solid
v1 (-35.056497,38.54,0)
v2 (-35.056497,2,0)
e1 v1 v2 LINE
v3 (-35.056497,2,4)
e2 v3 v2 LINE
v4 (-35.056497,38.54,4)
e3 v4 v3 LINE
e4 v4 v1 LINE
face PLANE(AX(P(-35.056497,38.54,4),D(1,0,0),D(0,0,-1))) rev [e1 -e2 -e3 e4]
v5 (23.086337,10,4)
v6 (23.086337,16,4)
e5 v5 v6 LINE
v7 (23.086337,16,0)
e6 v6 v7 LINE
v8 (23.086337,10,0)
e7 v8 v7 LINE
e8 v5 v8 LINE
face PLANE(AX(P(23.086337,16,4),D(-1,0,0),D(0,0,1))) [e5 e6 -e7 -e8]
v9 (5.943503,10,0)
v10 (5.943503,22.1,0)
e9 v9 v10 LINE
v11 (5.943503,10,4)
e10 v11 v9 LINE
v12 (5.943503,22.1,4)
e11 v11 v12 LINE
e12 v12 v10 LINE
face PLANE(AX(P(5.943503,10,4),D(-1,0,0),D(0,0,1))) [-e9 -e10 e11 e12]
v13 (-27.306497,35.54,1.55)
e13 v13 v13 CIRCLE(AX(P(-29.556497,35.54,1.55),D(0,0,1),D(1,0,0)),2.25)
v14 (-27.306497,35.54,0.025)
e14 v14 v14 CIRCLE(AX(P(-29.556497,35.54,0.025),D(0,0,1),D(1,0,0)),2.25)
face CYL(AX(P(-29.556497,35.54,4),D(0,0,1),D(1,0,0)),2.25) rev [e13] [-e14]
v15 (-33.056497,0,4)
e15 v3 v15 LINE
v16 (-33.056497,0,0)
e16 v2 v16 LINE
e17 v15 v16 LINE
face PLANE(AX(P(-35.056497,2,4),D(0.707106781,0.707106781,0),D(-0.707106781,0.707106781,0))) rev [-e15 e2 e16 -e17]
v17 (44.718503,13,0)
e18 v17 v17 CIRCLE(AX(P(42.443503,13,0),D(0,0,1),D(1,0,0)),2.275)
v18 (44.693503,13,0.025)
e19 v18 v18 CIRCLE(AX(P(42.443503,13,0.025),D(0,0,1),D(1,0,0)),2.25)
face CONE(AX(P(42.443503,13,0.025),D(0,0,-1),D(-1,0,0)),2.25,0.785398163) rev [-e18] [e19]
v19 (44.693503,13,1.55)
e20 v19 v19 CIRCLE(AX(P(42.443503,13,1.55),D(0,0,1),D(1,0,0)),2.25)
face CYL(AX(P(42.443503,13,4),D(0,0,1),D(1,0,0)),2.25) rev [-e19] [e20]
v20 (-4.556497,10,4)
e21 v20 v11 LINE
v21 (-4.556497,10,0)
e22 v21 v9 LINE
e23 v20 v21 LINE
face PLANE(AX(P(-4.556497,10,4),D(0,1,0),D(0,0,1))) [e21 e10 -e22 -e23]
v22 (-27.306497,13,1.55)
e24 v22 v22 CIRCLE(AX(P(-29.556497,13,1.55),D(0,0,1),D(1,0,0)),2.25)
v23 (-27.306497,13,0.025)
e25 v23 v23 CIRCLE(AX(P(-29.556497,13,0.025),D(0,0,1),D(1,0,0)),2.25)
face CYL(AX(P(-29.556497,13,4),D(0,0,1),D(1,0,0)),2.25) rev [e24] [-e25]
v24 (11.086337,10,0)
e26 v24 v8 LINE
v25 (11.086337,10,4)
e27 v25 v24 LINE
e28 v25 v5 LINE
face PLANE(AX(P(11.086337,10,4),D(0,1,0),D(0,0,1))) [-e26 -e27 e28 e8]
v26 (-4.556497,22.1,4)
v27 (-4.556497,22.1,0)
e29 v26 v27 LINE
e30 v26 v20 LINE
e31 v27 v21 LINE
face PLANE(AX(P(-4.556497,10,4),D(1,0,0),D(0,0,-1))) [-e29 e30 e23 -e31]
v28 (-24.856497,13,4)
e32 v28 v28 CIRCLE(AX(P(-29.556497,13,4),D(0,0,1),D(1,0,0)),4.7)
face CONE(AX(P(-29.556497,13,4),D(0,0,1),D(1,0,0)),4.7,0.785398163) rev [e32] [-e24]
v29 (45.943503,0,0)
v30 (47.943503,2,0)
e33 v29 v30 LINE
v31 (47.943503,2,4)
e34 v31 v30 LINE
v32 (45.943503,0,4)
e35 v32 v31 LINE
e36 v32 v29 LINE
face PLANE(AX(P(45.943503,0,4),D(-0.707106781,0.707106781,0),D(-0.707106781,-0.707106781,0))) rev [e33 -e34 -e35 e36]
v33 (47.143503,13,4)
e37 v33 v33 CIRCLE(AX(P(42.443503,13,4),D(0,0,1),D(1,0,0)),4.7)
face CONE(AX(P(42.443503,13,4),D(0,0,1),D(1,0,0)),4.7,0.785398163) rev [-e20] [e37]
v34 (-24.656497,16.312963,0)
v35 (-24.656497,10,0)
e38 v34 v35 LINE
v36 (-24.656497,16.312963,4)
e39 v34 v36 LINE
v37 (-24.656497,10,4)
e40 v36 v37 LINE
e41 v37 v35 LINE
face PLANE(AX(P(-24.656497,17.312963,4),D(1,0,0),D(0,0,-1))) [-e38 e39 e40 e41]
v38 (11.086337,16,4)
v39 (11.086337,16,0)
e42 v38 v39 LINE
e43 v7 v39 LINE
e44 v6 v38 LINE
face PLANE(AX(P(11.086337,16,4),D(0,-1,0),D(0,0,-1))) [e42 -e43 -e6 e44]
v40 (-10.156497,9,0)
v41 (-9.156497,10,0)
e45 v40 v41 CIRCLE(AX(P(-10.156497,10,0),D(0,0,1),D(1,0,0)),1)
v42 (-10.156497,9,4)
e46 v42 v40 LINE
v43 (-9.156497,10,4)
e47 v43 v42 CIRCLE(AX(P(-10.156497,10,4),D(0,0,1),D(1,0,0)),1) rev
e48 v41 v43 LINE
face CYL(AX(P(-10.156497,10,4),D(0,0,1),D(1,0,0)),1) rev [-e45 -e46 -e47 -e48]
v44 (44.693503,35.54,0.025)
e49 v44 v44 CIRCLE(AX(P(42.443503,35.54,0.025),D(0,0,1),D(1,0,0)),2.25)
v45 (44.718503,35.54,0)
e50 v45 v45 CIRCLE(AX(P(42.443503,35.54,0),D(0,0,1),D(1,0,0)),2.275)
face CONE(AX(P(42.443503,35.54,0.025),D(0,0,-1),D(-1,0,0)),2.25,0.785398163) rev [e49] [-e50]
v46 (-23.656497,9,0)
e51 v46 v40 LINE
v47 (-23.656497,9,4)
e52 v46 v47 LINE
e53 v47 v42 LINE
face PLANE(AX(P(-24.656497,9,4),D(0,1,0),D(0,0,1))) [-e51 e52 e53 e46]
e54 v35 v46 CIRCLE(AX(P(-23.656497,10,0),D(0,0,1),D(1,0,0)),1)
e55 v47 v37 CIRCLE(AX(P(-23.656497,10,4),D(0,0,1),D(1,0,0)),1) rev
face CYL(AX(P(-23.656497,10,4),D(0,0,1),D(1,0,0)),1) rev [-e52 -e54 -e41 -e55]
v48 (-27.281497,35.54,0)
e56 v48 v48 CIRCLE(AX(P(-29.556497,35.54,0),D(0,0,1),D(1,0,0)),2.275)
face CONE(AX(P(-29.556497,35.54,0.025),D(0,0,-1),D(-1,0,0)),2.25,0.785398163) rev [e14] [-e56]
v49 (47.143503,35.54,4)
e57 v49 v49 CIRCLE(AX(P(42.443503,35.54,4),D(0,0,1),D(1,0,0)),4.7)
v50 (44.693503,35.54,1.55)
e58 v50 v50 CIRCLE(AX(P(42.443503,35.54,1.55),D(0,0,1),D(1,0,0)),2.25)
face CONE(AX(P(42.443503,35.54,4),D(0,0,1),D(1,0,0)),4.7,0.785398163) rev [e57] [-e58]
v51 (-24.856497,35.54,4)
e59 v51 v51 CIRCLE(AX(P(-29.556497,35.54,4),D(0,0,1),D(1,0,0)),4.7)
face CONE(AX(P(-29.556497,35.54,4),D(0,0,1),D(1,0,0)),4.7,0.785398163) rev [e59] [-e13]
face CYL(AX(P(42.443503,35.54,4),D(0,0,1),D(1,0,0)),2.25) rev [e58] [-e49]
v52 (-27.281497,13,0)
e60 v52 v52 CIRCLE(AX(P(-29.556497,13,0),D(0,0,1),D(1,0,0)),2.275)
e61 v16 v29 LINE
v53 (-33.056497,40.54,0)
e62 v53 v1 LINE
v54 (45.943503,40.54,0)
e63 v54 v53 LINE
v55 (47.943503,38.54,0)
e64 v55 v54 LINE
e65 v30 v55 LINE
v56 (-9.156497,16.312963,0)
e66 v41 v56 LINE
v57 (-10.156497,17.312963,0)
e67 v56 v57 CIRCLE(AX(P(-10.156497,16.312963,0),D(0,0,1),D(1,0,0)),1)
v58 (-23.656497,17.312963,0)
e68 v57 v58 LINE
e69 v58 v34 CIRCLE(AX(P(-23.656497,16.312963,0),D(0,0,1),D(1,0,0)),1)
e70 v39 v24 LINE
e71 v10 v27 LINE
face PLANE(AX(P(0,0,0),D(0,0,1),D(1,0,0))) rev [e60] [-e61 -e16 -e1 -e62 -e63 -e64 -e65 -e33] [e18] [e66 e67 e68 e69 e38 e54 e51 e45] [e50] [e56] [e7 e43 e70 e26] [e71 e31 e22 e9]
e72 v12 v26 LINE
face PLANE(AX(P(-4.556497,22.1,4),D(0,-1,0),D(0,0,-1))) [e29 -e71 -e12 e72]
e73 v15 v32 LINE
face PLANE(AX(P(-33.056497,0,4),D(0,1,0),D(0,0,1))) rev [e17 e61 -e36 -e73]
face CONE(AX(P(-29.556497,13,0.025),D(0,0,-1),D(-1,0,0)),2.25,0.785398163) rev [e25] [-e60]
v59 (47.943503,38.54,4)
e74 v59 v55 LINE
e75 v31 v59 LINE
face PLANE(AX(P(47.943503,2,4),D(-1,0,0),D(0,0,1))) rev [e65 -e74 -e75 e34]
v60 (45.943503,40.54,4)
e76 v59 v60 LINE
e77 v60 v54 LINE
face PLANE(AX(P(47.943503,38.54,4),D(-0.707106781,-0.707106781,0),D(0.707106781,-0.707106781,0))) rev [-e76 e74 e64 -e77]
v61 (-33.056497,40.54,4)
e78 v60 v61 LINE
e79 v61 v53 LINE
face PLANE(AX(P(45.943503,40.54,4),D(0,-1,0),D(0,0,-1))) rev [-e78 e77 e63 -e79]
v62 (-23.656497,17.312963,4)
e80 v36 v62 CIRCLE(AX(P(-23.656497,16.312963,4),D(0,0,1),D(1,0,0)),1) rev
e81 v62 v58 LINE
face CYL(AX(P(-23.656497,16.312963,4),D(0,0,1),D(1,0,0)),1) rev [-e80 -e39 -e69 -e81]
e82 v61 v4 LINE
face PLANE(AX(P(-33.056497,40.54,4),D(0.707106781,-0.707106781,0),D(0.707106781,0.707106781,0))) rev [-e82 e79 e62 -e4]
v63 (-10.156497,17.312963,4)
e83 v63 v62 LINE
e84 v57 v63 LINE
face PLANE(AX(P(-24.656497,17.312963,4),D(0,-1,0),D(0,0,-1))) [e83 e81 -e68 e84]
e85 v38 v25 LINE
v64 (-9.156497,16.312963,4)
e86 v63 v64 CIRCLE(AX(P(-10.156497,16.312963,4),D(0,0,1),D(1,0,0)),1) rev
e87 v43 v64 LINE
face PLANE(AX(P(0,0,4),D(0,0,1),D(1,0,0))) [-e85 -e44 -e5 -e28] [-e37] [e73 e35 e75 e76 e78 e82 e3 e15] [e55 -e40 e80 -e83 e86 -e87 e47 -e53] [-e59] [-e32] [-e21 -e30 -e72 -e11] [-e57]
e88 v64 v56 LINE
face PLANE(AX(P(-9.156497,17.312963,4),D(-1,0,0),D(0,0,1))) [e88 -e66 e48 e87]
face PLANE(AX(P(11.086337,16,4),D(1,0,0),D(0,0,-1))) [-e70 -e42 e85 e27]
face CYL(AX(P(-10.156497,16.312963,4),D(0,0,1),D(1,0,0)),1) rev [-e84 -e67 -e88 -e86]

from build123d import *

# Parameters (mm, degrees)
ESQUISSE1_W                                 = 15.5
ESQUISSE1_H                                 = 8.312963114
ESQUISSE1_W_2                               = 10.5
ESQUISSE1_H_2                               = 12.1
ESQUISSE1_W_3                               = 12
ESQUISSE1_H_3                               = 6
BOSS_EXTRU_1_DEPTH                          = 4
FRAISAGE_POUR_VIS_T_TE_FRAIS_E_M41_AT_COUNT = 2
FRAISAGE_POUR_VIS_T_TE_FRAIS_E_M41_AT_PITCH = 22.54
FRAISAGE_POUR_VIS_T_TE_FRAIS_E_M41_2_COUNT  = 2
FRAISAGE_POUR_VIS_T_TE_FRAIS_E_M41_2_PITCH  = 75.445686424
FRAISAGE_POUR_VIS_T_TE_FRAIS_E_M41_3_COUNT  = 2
FRAISAGE_POUR_VIS_T_TE_FRAIS_E_M41_3_PITCH  = 72
CONG_1_R                                    = 1


with BuildPart() as part:
    # Esquisse1 → Boss.-Extru.1 (new body)
    with BuildSketch(Plane.XY):
        Polygon((-35.056497175, 38.54), (-35.056497175, 2), (-33.056497175, 0), (45.943502825, 0), (47.943502825, 2), (47.943502825, 38.54), (45.943502825, 40.54), (-33.056497175, 40.54), align=None)
        with Locations((-16.906497175, 13.156481557)):
            Rectangle(ESQUISSE1_W, ESQUISSE1_H, mode=Mode.SUBTRACT)
        with Locations((0.693502825, 16.05)):
            Rectangle(ESQUISSE1_W_2, ESQUISSE1_H_2, mode=Mode.SUBTRACT)
        with Locations((17.086336796, 13)):
            Rectangle(ESQUISSE1_W_3, ESQUISSE1_H_3, mode=Mode.SUBTRACT)
    extrude(amount=BOSS_EXTRU_1_DEPTH)

    # Esquisse4 → Fraisage pour vis à tête fraisée M41 (revolve, cut)
    with BuildSketch(Plane(origin=(-29.556497175, 35.54, 4), x_dir=(0, -1, 0), z_dir=(1, 0, 0))):
        Polygon((0, 0), (0, 4), (2.275, 4), (2.25, 3.975), (2.25, 2.45), (4.7, 0), align=None)
    fraisage_pour_vis_t_te_frais_e_m41 = revolve(axis=Axis((-29.556497175, 35.54, 10.35), (0, 0, -1)), mode=Mode.SUBTRACT)

    # Fraisage pour vis à tête fraisée M41 at: Fraisage pour vis à tête fraisée M41 ×2
    with Locations(*[(0, -i * FRAISAGE_POUR_VIS_T_TE_FRAIS_E_M41_AT_PITCH, 0) for i in range(1, FRAISAGE_POUR_VIS_T_TE_FRAIS_E_M41_AT_COUNT)]):
        add(fraisage_pour_vis_t_te_frais_e_m41, mode=Mode.SUBTRACT)

    # Fraisage pour vis _ t_te frais_e M41 2: Fraisage pour vis à tête fraisée M41 ×2
    with Locations(*[Vector(0.9543289141183242, -0.29875796839204205, 0) * (i * FRAISAGE_POUR_VIS_T_TE_FRAIS_E_M41_2_PITCH) for i in range(1, FRAISAGE_POUR_VIS_T_TE_FRAIS_E_M41_2_COUNT)]):
        add(fraisage_pour_vis_t_te_frais_e_m41, mode=Mode.SUBTRACT)

    # Fraisage pour vis _ t_te frais_e M41 3: Fraisage pour vis à tête fraisée M41 ×2
    with Locations(*[(i * FRAISAGE_POUR_VIS_T_TE_FRAIS_E_M41_3_PITCH, 0, 0) for i in range(1, FRAISAGE_POUR_VIS_T_TE_FRAIS_E_M41_3_COUNT)]):
        add(fraisage_pour_vis_t_te_frais_e_m41, mode=Mode.SUBTRACT)

    # Congé1
    cong_1_edges = [part.edges().sort_by_distance(p)[0] for p in [
        (-24.656497175, 17.312963114, 2),
        (-24.656497175, 9, 2),
        (-9.156497175, 9, 2),
        (-9.156497175, 17.312963114, 2),
    ]]
    fillet(cong_1_edges, radius=CONG_1_R)


solid = part.part
